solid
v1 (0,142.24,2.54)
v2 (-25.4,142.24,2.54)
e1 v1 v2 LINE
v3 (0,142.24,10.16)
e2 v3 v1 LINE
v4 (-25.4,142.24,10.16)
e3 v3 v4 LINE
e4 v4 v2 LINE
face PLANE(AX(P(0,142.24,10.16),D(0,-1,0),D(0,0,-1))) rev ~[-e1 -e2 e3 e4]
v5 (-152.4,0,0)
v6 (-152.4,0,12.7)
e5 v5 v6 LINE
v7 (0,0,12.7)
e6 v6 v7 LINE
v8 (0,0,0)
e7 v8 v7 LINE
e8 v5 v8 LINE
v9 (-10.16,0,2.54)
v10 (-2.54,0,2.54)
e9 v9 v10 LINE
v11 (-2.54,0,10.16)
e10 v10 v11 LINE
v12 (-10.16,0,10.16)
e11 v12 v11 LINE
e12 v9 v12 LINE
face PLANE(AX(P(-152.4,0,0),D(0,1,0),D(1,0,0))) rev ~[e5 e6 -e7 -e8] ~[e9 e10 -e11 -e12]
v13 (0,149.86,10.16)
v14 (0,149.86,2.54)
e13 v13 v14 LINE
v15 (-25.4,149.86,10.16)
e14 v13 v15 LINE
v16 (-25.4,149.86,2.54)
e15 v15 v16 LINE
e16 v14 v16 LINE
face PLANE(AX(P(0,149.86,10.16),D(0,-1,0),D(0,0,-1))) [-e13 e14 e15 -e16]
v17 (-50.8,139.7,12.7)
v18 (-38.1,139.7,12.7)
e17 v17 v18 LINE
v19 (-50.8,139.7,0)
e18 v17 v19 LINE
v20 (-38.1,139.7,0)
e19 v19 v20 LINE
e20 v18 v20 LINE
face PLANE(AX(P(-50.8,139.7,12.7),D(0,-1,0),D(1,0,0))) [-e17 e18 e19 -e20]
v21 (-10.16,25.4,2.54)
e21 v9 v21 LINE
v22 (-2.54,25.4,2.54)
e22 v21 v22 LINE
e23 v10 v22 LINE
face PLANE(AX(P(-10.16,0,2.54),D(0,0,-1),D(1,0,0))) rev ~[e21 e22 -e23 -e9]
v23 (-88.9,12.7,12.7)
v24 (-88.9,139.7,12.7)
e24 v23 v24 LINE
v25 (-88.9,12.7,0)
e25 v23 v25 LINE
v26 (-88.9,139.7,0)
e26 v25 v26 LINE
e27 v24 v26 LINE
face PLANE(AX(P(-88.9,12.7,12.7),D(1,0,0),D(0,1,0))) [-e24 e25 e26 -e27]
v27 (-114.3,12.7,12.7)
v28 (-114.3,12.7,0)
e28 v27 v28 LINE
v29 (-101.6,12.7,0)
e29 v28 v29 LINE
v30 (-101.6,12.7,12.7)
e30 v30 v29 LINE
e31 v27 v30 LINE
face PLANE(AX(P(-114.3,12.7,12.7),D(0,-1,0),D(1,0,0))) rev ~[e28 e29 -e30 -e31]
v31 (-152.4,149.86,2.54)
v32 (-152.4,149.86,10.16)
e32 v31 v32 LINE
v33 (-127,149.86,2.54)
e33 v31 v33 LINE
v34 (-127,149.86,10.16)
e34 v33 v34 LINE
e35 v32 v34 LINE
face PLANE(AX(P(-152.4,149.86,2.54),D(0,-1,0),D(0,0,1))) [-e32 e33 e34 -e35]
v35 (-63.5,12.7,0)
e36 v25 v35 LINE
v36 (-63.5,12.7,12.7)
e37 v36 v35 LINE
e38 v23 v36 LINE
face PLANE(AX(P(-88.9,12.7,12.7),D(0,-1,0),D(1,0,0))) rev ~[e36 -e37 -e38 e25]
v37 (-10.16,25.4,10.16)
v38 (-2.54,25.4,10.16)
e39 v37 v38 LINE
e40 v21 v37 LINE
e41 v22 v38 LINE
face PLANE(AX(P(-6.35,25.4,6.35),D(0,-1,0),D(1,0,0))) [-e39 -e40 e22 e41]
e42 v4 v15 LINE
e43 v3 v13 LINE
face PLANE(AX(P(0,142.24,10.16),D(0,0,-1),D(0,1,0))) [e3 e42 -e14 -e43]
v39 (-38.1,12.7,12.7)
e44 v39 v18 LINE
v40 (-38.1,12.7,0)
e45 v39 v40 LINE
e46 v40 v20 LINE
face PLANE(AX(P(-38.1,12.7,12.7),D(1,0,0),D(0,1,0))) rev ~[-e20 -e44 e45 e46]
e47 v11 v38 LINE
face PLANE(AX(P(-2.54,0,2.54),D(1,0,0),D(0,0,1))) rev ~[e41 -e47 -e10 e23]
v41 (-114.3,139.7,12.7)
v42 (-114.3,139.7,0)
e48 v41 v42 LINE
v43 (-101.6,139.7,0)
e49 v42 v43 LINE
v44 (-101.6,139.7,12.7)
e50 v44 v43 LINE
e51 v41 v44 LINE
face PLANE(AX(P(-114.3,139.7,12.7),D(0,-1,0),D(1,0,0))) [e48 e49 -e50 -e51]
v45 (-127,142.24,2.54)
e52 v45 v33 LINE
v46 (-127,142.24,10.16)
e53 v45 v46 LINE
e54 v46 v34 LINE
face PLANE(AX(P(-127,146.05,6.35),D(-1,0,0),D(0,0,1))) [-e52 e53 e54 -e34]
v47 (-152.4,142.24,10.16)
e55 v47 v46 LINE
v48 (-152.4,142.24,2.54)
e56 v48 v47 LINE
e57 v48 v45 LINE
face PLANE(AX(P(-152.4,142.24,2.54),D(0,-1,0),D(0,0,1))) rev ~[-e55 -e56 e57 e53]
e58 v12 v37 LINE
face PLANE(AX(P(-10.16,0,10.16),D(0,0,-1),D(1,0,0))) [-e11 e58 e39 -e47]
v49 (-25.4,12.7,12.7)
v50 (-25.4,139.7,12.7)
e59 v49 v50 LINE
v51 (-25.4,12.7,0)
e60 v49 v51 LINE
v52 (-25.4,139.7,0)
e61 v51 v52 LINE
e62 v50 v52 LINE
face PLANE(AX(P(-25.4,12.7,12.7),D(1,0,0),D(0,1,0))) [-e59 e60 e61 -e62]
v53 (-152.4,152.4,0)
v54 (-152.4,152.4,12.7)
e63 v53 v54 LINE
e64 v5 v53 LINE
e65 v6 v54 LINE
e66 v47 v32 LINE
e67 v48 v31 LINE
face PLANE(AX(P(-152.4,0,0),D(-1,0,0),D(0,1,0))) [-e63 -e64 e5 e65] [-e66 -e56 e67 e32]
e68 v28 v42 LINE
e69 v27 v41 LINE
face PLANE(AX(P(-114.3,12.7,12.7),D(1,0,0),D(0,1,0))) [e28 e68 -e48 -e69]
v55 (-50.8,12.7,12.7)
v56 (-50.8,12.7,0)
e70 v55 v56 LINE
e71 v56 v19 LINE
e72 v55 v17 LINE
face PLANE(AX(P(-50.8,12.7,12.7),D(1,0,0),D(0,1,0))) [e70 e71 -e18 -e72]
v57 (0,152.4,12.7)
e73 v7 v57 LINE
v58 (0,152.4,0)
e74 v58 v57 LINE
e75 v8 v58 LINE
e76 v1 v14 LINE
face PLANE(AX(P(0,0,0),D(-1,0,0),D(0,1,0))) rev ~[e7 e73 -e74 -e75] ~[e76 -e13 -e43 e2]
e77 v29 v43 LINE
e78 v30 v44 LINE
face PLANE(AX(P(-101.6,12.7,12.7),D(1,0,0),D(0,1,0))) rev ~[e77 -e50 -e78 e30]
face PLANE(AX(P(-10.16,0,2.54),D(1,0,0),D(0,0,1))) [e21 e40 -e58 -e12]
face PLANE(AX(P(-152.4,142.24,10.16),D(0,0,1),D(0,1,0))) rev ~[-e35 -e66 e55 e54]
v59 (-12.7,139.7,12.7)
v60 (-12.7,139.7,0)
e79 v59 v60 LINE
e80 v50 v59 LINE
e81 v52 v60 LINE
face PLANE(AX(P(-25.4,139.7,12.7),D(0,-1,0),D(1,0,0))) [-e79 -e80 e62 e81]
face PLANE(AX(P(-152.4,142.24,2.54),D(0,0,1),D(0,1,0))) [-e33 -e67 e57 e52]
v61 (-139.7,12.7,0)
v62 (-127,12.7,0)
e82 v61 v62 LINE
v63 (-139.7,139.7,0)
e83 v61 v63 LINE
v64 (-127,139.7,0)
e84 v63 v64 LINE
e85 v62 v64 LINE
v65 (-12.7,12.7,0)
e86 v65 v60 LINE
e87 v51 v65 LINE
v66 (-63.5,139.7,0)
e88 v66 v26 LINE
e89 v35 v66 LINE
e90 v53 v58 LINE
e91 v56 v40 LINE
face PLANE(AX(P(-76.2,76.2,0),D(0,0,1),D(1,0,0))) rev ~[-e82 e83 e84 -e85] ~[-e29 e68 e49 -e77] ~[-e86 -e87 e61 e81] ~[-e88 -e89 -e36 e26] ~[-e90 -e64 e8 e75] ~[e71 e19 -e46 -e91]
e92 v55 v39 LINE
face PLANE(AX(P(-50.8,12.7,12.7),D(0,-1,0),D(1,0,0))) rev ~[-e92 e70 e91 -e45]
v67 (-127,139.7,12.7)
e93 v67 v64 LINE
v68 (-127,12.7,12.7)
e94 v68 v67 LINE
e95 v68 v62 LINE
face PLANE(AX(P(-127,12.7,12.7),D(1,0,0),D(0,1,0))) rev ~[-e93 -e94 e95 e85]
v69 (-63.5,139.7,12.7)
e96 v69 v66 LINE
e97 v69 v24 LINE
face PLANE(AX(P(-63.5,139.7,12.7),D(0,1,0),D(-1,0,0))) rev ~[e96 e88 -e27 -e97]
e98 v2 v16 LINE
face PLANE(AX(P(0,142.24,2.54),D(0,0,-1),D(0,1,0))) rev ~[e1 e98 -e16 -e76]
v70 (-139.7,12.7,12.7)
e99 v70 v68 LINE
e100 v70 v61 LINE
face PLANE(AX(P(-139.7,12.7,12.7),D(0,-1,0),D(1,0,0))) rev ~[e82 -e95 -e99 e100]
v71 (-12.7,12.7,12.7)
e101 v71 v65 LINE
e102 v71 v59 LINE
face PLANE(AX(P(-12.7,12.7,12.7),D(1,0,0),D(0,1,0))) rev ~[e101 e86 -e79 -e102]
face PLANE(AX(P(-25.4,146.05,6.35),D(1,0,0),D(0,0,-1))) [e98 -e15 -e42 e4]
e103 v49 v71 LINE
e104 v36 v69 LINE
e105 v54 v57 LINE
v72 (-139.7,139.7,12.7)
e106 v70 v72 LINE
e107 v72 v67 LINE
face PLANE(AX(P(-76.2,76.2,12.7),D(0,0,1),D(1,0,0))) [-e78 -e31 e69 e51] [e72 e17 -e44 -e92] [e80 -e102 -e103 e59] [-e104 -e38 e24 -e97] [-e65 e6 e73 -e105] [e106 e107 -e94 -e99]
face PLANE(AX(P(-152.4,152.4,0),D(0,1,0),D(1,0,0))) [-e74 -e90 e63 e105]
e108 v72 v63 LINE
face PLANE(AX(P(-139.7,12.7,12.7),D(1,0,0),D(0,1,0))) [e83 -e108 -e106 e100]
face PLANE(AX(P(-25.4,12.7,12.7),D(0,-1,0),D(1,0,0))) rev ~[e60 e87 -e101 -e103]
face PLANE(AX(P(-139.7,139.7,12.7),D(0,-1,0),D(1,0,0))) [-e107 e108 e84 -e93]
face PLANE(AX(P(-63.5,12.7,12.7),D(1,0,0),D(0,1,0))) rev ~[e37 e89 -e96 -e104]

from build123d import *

# Parameters (mm, degrees)
SKETCH1_W           = 152.4
SKETCH1_H           = 152.4
BOSS_EXTRUDE1_DEPTH = 12.7
SKETCH2_W           = 12.7
SKETCH2_H           = 127
CUT_EXTRUDE1_DEPTH  = 12.7
SKETCH3_W           = 7.62
SKETCH3_H           = 7.62
CUT_EXTRUDE2_DEPTH  = 25.4
SKETCH4_W           = 7.62
SKETCH4_H           = 7.62
CUT_EXTRUDE3_DEPTH  = 25.4
SKETCH5_W           = 7.62
SKETCH5_H           = 7.62
CUT_EXTRUDE4_DEPTH  = 25.4


with BuildPart() as part:
    # Sketch1 → Boss-Extrude1 (new body)
    with BuildSketch(Plane.XY):
        with Locations((-76.2, 76.2)):
            Rectangle(SKETCH1_W, SKETCH1_H)
    extrude(amount=BOSS_EXTRUDE1_DEPTH)

    # Sketch2 → Cut-Extrude1 (cut)
    with BuildSketch(Plane.XY.offset(12.7)):
        with Locations((-133.35, 76.2)):
            Rectangle(SKETCH2_W, SKETCH2_H)
        with Locations((-19.05, 76.2)):
            Rectangle(SKETCH2_W, SKETCH2_H)
        with Locations((-44.45, 76.2)):
            Rectangle(SKETCH2_W, SKETCH2_H)
        with Locations((-107.95, 76.2)):
            Rectangle(SKETCH2_W, SKETCH2_H)
        with Locations((-82.55, 76.2)):
            Rectangle(SKETCH2_W, SKETCH2_H)
        with Locations((-69.85, 76.2)):
            Rectangle(SKETCH2_W, SKETCH2_H)
    extrude(amount=-CUT_EXTRUDE1_DEPTH, mode=Mode.SUBTRACT)

    # Sketch3 → Cut-Extrude2 (cut)
    with BuildSketch(Plane(origin=(0, 0, 0), x_dir=(0, 0, -1), z_dir=(1, 0, 0))):
        with Locations((-6.35, 146.05)):
            Rectangle(SKETCH3_W, SKETCH3_H)
    extrude(amount=-CUT_EXTRUDE2_DEPTH, mode=Mode.SUBTRACT)

    # Sketch4 → Cut-Extrude3 (cut)
    with BuildSketch(Plane.ZY.offset(152.4)):
        with Locations((6.35, 146.05)):
            Rectangle(SKETCH4_W, SKETCH4_H)
    extrude(amount=-CUT_EXTRUDE3_DEPTH, mode=Mode.SUBTRACT)

    # Sketch5 → Cut-Extrude4 (cut)
    with BuildSketch(Plane.XZ):
        with Locations((-6.35, 6.35)):
            Rectangle(SKETCH5_W, SKETCH5_H)
    extrude(amount=-CUT_EXTRUDE4_DEPTH, mode=Mode.SUBTRACT)


solid = part.part
